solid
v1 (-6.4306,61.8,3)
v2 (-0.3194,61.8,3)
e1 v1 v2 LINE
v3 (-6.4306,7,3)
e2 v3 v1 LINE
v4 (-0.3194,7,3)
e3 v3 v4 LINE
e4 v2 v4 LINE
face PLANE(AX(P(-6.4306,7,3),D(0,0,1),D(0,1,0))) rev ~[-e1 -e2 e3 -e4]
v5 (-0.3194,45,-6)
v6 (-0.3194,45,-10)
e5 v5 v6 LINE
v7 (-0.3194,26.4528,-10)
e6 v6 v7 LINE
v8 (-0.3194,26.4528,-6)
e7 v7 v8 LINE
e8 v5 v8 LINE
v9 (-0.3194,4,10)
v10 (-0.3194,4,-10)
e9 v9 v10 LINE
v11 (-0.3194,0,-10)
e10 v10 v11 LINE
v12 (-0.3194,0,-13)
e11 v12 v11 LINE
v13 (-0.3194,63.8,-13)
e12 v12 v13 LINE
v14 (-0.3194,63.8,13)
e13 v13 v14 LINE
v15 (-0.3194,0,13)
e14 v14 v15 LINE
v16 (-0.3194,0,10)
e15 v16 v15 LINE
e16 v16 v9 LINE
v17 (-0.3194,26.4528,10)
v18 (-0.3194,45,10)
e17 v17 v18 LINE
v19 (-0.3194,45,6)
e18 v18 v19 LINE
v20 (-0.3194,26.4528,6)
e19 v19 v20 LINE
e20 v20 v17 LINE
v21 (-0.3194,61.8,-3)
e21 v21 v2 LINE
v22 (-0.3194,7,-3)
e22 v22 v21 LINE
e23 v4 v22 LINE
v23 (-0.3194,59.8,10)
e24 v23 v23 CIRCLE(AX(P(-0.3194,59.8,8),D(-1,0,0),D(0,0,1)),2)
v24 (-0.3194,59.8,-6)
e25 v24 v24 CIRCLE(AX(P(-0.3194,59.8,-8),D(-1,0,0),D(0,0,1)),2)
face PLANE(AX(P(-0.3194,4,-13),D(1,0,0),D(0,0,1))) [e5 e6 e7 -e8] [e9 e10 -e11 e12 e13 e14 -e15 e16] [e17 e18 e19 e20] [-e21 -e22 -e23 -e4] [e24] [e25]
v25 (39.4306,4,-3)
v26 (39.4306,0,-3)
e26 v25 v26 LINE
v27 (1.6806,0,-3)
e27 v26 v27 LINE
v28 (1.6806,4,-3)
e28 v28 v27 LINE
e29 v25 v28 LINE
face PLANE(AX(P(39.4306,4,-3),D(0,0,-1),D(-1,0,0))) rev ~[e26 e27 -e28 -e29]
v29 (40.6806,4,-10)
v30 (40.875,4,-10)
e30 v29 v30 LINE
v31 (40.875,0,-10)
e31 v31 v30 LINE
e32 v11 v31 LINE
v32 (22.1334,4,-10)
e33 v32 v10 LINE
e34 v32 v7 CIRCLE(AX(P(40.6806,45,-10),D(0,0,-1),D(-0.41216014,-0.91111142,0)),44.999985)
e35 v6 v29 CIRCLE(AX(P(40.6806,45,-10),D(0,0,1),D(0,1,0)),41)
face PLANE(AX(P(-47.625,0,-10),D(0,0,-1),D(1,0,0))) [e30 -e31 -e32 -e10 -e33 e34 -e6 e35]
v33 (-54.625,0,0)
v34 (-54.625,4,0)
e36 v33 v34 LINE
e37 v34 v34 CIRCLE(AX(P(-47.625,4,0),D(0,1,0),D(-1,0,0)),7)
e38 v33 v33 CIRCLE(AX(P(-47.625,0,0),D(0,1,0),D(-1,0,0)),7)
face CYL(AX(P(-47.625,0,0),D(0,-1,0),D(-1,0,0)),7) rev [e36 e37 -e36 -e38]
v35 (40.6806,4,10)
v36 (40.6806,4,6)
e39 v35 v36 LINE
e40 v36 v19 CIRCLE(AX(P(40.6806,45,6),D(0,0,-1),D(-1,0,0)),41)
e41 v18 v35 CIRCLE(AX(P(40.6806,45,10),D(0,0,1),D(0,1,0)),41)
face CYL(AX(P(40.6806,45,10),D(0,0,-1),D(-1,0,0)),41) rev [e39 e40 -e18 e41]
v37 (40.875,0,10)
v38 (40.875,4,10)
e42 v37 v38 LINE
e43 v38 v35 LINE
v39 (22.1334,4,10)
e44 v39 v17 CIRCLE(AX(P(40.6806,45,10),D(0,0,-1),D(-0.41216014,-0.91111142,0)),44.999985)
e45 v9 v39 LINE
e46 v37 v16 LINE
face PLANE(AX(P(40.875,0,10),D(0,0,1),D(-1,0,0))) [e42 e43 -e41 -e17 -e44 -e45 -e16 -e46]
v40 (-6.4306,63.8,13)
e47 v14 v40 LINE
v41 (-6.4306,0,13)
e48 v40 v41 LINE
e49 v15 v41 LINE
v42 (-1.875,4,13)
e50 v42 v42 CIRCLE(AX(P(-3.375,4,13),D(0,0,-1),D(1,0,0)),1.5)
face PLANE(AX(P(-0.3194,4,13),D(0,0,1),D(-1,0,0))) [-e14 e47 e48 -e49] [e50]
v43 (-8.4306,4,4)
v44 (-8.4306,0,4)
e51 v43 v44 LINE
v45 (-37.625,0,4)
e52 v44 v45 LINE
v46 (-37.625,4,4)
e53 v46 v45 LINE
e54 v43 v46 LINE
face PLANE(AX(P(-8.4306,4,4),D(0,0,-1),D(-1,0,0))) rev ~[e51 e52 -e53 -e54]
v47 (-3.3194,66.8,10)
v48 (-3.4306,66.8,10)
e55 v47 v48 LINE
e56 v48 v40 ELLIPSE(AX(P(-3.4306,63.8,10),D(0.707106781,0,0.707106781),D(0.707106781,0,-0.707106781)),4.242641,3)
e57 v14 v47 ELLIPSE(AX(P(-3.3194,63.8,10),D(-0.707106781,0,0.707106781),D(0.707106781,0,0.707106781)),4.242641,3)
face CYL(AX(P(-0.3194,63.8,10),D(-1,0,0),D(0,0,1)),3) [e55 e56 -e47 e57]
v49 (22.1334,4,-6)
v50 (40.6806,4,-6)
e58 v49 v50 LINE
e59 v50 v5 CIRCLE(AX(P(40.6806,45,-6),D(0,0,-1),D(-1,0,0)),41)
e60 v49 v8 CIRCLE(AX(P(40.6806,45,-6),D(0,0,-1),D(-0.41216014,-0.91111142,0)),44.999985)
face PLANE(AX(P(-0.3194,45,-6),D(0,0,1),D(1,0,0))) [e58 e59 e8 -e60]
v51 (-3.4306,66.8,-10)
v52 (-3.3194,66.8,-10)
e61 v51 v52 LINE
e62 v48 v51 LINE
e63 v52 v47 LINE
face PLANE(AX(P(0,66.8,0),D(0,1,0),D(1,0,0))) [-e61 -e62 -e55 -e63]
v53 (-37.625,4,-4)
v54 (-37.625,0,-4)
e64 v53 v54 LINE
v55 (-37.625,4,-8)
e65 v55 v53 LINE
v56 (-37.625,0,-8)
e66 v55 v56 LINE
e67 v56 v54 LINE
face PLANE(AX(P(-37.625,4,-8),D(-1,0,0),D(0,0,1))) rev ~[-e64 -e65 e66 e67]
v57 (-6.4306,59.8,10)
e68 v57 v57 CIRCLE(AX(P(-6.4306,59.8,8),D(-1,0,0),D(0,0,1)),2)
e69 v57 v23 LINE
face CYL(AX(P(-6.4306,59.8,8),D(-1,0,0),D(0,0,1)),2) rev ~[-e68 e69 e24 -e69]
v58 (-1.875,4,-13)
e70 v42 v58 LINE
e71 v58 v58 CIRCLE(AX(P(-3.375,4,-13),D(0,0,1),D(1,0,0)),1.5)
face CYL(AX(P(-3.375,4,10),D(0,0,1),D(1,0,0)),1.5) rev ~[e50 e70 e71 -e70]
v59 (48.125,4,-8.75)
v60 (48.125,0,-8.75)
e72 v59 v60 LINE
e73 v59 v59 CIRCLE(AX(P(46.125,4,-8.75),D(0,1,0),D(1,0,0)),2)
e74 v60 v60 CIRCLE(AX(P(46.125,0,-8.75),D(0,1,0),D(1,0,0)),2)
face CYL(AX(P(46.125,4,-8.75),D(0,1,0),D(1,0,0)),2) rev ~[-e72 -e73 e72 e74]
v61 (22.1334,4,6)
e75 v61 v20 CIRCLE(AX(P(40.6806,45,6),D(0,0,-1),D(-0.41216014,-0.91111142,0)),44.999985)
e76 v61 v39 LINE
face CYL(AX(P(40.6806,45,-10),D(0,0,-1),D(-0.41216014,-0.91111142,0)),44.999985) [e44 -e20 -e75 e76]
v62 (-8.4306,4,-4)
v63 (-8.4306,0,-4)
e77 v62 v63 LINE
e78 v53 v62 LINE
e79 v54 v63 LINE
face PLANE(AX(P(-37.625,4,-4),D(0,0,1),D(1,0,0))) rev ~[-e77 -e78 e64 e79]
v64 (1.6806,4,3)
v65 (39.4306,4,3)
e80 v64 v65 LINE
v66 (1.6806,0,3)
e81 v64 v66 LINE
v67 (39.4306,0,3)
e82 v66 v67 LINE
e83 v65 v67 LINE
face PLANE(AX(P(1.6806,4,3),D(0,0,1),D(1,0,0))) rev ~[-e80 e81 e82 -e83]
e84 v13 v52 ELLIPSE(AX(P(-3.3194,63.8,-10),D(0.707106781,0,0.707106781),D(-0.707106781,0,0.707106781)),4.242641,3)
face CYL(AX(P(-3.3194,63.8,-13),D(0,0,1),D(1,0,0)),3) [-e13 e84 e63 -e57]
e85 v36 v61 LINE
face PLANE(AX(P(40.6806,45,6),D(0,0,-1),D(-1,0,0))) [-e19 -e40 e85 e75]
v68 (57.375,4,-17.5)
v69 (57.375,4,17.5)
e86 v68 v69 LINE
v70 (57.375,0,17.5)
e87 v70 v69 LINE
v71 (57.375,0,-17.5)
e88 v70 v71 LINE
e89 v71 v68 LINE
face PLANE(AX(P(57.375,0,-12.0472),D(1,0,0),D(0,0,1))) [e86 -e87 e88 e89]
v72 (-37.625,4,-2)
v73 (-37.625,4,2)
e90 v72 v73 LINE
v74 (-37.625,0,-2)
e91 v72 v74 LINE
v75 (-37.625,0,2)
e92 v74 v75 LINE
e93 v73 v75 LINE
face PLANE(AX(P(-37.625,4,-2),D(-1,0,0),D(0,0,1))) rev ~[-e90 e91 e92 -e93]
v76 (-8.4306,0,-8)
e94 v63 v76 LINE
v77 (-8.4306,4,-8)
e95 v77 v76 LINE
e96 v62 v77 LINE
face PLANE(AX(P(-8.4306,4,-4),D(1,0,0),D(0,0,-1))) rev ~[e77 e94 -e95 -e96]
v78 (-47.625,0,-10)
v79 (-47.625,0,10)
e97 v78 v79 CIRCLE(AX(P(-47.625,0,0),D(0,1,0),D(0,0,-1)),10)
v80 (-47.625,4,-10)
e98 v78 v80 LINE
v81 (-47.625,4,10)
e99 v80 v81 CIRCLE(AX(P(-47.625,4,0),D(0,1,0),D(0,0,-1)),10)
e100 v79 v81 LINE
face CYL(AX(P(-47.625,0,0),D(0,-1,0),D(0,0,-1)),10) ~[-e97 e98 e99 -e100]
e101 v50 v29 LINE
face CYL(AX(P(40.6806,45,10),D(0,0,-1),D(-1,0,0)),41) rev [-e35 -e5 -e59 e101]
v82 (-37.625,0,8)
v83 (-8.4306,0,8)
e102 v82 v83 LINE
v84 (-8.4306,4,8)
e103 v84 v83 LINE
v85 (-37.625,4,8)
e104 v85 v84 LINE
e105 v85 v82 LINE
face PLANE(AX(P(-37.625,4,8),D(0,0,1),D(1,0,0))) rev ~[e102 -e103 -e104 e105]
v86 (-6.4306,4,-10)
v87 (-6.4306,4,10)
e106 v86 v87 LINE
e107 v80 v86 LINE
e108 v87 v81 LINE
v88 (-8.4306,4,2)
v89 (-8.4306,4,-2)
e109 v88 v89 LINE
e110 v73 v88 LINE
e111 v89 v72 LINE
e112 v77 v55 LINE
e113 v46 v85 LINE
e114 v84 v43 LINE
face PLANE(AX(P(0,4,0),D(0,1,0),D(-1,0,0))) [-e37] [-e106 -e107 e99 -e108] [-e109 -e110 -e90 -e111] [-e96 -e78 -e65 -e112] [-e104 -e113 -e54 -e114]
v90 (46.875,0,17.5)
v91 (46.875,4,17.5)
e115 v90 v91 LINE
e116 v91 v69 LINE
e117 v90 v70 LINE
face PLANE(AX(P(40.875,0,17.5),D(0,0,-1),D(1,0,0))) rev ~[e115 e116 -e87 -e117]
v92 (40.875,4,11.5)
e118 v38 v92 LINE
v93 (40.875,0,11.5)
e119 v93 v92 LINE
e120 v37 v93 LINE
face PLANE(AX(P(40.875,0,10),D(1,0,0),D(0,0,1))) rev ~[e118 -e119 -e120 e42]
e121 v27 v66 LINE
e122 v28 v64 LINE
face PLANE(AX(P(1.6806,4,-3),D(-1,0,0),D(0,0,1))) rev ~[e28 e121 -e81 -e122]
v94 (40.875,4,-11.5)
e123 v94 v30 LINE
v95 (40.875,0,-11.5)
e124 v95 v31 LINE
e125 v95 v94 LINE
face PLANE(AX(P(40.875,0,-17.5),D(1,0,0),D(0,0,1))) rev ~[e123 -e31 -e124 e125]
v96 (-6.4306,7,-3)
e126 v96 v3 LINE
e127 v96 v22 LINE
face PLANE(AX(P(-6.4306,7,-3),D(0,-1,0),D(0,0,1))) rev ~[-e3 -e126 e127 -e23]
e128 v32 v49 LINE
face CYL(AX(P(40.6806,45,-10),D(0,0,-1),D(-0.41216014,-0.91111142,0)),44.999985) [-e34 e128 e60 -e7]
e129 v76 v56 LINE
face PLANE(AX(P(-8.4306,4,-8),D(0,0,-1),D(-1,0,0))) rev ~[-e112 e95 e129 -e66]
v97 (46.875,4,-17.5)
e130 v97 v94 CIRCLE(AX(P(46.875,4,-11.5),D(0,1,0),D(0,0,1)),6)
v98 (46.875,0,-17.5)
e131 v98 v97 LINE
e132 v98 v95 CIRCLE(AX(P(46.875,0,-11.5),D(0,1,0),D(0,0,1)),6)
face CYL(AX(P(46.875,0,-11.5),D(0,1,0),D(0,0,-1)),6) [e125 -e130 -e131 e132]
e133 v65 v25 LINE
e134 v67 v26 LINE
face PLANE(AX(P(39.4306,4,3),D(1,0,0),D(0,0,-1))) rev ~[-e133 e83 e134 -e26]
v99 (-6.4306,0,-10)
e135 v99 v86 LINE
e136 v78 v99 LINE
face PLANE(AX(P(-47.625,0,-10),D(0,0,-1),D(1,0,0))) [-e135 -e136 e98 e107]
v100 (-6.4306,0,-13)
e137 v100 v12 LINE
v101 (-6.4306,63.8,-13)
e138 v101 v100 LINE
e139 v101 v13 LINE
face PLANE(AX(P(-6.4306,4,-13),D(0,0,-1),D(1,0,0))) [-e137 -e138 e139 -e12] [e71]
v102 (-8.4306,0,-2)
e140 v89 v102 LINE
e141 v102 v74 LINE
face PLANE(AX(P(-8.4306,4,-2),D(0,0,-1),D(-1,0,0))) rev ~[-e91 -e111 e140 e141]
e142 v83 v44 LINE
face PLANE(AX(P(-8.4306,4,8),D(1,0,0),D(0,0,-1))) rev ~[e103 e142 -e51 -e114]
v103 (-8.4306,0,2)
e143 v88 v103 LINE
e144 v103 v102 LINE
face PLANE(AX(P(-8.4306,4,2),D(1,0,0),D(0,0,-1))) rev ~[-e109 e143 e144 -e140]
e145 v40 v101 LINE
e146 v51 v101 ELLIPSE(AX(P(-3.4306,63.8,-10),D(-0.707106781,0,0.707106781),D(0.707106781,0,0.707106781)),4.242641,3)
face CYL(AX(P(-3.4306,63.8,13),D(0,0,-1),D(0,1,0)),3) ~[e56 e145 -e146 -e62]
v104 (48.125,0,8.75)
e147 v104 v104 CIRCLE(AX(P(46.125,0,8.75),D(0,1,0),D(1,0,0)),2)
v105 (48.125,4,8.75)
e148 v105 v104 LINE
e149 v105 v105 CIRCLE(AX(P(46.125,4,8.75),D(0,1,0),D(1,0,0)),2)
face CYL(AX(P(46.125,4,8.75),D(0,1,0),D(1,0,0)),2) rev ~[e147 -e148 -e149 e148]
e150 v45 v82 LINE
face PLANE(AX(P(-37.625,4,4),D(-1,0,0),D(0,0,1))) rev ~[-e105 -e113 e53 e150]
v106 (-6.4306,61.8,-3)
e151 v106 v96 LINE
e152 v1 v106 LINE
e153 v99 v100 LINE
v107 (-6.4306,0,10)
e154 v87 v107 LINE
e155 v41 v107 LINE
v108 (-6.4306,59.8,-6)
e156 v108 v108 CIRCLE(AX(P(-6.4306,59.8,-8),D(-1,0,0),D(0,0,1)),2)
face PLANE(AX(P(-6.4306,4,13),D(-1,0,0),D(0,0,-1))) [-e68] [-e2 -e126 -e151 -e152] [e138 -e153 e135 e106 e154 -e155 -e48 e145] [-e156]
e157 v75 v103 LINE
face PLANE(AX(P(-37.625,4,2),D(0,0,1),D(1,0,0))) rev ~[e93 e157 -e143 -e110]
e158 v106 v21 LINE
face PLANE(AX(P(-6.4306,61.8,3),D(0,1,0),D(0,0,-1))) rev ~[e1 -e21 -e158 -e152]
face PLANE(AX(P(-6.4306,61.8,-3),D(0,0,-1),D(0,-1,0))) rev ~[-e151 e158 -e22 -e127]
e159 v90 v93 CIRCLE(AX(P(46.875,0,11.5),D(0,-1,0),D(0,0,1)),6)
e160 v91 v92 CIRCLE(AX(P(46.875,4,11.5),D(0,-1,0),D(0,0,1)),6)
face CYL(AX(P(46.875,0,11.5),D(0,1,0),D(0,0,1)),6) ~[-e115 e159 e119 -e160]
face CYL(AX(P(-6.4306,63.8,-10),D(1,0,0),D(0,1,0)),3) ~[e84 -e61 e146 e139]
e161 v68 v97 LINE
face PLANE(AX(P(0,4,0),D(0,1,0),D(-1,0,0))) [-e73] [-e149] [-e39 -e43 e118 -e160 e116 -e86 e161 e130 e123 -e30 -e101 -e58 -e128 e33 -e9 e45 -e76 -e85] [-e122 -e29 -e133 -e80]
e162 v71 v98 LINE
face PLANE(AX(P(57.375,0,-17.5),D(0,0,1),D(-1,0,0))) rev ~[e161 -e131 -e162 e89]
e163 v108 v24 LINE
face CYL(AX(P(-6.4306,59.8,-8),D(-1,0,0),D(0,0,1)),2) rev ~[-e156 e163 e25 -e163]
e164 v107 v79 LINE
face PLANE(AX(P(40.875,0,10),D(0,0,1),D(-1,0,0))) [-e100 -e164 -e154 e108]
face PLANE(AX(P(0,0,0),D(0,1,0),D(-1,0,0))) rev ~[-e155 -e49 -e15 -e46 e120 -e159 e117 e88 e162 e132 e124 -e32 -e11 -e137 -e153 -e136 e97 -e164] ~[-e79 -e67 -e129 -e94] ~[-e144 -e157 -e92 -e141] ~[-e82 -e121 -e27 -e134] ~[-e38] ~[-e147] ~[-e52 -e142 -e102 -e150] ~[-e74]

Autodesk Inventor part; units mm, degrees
ref_plane "YZ Plane" through (0, 0, 0) normal (1, 0, 0) x (0, 1, 0)
ref_plane "XZ Plane" through (0, 0, 0) normal (0, 1, 0) x (-1, 0, 0)
sketch "Main Sketch" plane through (0, 0, 0) normal (0, 1, 0) x (-1, 0, 0)
  line L0 (-57.375, -12.0472) -> (-57.375, 12.0472)
  line L1 (-57.375, 12.0472) -> (47.625, -10) construction
  line L2 (47.625, 10) -> (-57.375, -12.0472) construction
  circle A0 centre (47.625, 0) radius 7
  arc A1 (47.625, -10) -> (47.625, 10) centre (47.625, 0) ccw
  line L3 (-40.875, 17.5) -> (-57.375, 17.5)
  line L4 (-57.375, 17.5) -> (-57.375, -17.5)
  line L5 (-57.375, -17.5) -> (-40.875, -17.5)
  line L6 (-40.875, 17.5) -> (-57.375, -17.5) construction
  line L7 (-57.375, 17.5) -> (-40.875, -17.5) construction
  line L8 (47.625, -10) -> (-40.875, -10)
  line L9 (-40.875, -17.5) -> (-40.875, -10)
  line L10 (-40.875, 10) -> (-40.875, 17.5)
  line L11 (-40.875, 10) -> (47.625, 10)
  point P0 (0, 0)
  point P1 (-49.125, 0)
  dimension "d3" = 14
  dimension "d4" = 105
  dimension "d13" = 16.5
  dimension "d14" = 35
  dimension "d15" = 0
  dimension "d18" = 20
extrude "Main Extrusion" add sketch "Main Sketch" along normal blind 4
sketch "Screw Holes Sketch" plane through (0, 4, 0) normal (0, 1, 0) x (1, 0, 0)
  circle A0 centre (46.125, -8.75) radius 2
  line L0 (57.375, 17.5) -> (40.875, 17.5) projected
  line L1 (40.875, -17.5) -> (57.375, -17.5) projected
  line L2 (35.2664, 0) -> (65.7891, 0)
  line L3 (51.375, -27.0398) -> (51.375, 30.2346) construction
  line L4 (57.375, -17.5) -> (57.375, 17.5) projected
  line L5 (40.875, -10) -> (40.875, -17.5) projected
  circle A1 centre (46.125, 8.75) radius 2
  line L6 (51.375, 27.0398) -> (51.375, -30.2346) construction
  point P0 (0, 0)
  dimension "d21" = 4
  dimension "d22" = 35
  dimension "d23" = 6
  dimension "d24" = 5.25
  dimension "d25" = 5.25
  dimension "d26" = 10.5
  dimension "d27" = 8.75
  dimension "d28" = 17.5
extrude "Screw Holes Cut" cut sketch "Screw Holes Sketch" against normal through all
fillet "Smoooooooooooooooooth" radius 6 2 edges at (40.875, 2, -17.5) (40.875, 2, 17.5)
sketch "Side Axel Hole Sketch" plane through (-47.625, 0, 10) normal (0, 0, 1) x (1, 0, 0)
  line L0 (88.5, 4) -> (88.5, 0) projected
  line L1 (0, 0) -> (0, 4) projected
  line L2 (44.25, -12.0383) -> (44.25, 22.7681) construction
  line L3 (88.5, 0) -> (0, 0) projected
  line L4 (0, 4) -> (88.5, 4) projected
  circle A0 centre (44.25, 4) radius 1.5
  point P0 (47.625, 0)
  dimension "d32" = 88.5
  dimension "d33" = 44.25
  dimension "d34" = 44.25
  dimension "d35" = 4
  dimension "d41" = 3
sketch "Sketch7" plane through (0, 4, 0) normal (0, 1, 0) x (1, 0, 0)
  line L0 (-47.625, -10) -> (40.875, -10) construction
  line L1 (-3.375, -10) -> (-3.375, 33.3565) construction
  line L2 (-0.3194, -13) -> (-6.4306, -13)
  line L3 (-6.4306, -13) -> (-6.4306, 13)
  line L4 (-6.4306, 13) -> (-0.3194, 13)
  line L5 (-0.3194, 13) -> (-0.3194, -13)
  line L6 (-0.3194, -13) -> (-6.4306, 13) construction
  line L7 (-6.4306, -13) -> (-0.3194, 13) construction
  point P0 (0, 0)
  point P1 (-3.375, 0)
  dimension "d47" = 26
extrude "Servo Mount Extrusion" add sketch "Sketch7" along normal blind 62.8 and the other way blind 4
extrude "Side Axel Cut" cut sketch "Side Axel Hole Sketch" along normal through all both and the other way through all contours A0 L4 | L4 A0
sketch "Sketch8" plane through (-6.4306, 4, -10) normal (-1, 0, 0) x (0, 0, 1)
  line L0 (23, 62.8) -> (23, -4) construction
  line L1 (-3, 62.8) -> (23, 62.8) construction
  line L2 (-3, 62.8) -> (-3, -4) construction
  circle A0 centre (2, 55.8) radius 2
  circle A1 centre (18, 55.8) radius 2
  point P0 (10, -4)
  dimension "d54" = 4
  dimension "d55" = 4
  dimension "d56" = 16
  dimension "d57" = 7
  dimension "d58" = 7
  dimension "d59" = 5
  dimension "d60" = 5
extrude "Mount Holes Cut" cut sketch "Sketch8" against normal through all
fillet "Support" radius 41 1 edges at (-0.3194, 4, 0)
fillet "lil hat" radius 3 4 edges at (-0.3194, 66.8, 0) (-3.375, 66.8, -13) (-6.4306, 66.8, 0) (-3.375, 66.8, 13)
ref_plane "Lifted XZ Plane" through (0, 45, 0) normal (0, -1, 0) x (1, 0, 0)
sketch "Support Center Sketch" plane through (0, 45, 0) normal (0, -1, 0) x (1, 0, 0)
  line L0 (40.6806, 10) -> (40.6806, -10) projected
  line L1 (-0.3194, -6) -> (40.6806, -6)
  line L2 (40.6806, -6) -> (40.6806, 6)
  line L3 (40.6806, 6) -> (-0.3194, 6)
  line L4 (-0.3194, 6) -> (-0.3194, -6)
  line L5 (-0.3194, -10) -> (40.6806, -10) projected
  line L6 (40.6806, 10) -> (-0.3194, 10) projected
  point P0 (0, 0)
  dimension "d66" = 41
  dimension "d67" = 4
  dimension "d68" = 4
  dimension "d69" = 12
extrude "Support Center Cut" cut sketch "Support Center Sketch" along normal blind 41
sketch "Support Side Cut Sketch" plane through (40.875, 0, -10) normal (0, 0, -1) x (-1, 0, 0)
  arc A0 (0.1944, 4) -> (41.1944, 45) centre (0.1944, 45) ccw construction
  arc A1 (0.1944, 4) -> (41.1944, 45) centre (0.1944, 45) ccw projected
  arc A2 (18.7416, 4) -> (41.1944, 26.4528) centre (0.1944, 45) ccw
  line L0 (-6, 4) -> (0, 4) projected
  line L1 (41.1944, 0) -> (41.1944, 45) projected
  line L2 (41.1944, 0) -> (0, 0) projected
  line L3 (41.1944, 26.4528) -> (41.1944, 4)
  line L4 (0, 4) -> (0.1944, 4)
  line L5 (18.7416, 4) -> (41.1944, 4)
  point P0 (40.875, 0)
  dimension "d72" = 41
  dimension "d73" = 45
  dimension "d75" = 4
extrude "Support Side Cut" cut sketch "Support Side Cut Sketch" against normal through all
sketch "Body Holes Sketch" plane through (0, 4, 0) normal (0, 1, 0) x (1, 0, 0)
  line L0 (-37.625, 4) -> (-8.4306, 4)
  line L1 (-8.4306, 4) -> (-8.4306, 8)
  line L2 (-8.4306, 8) -> (-37.625, 8)
  line L3 (-37.625, 8) -> (-37.625, 4)
  line L4 (-6.4306, 10) -> (-47.625, 10) projected
  line L5 (-6.4306, -10) -> (-6.4306, 10) projected
  line L6 (-47.625, -13.767) -> (-47.625, 22.327) construction
  line L7 (-37.625, -2) -> (-8.4306, -2)
  line L8 (-8.4306, -2) -> (-8.4306, 2)
  line L9 (-8.4306, 2) -> (-37.625, 2)
  line L10 (-37.625, 2) -> (-37.625, -2)
  line L11 (-37.625, -8) -> (-8.4306, -8)
  line L12 (-8.4306, -8) -> (-8.4306, -4)
  line L13 (-8.4306, -4) -> (-37.625, -4)
  line L14 (-37.625, -4) -> (-37.625, -8)
  line L15 (-47.625, -10) -> (-6.4306, -10) projected
  line L16 (39.4306, 3) -> (1.6806, 3)
  line L17 (1.6806, 3) -> (1.6806, -3)
  line L18 (1.6806, -3) -> (39.4306, -3)
  line L19 (39.4306, -3) -> (39.4306, 3)
  line L20 (40.6806, -6) -> (-0.3194, -6) projected
  line L21 (-0.3194, 6) -> (40.6806, 6) projected
  line L22 (-0.3194, 10) -> (-0.3194, -10) projected
  line L23 (40.6806, 6) -> (40.6806, 10) projected
  point P0 (0, 0)
  dimension "d78" = 2
  dimension "d79" = 2
  dimension "d80" = 10
  dimension "d81" = 4
  dimension "d84" = 6
  dimension "d89" = 2
  dimension "d90" = 6
  dimension "d91" = 3
  dimension "d92" = 3
  dimension "d93" = 2
  dimension "d94" = 1.25
extrude "Swiss-ified" cut sketch "Body Holes Sketch" against normal through all
sketch "Mount Hole Sketch" plane through (-6.4306, 4, -10) normal (-1, 0, 0) x (0, 0, 1)
  line L0 (4, 81.3032) -> (4, -34.1238) construction
  line L1 (16, 81.3032) -> (16, -34.1238) construction
  line L2 (7, 3) -> (13, 3)
  line L3 (13, 3) -> (13, 57.8)
  line L4 (13, 57.8) -> (7, 57.8)
  line L5 (7, 57.8) -> (7, 3)
  line L6 (-3, 59.8) -> (-3, -4) projected
  line L7 (23, 59.8) -> (23, -4) projected
  line L8 (20, 0) -> (0, 0) projected
  line L9 (-3, 59.8) -> (23, 59.8) projected
  point P0 (10, -4)
  dimension "d97" = 6
  dimension "d98" = 7
  dimension "d99" = 7
  dimension "d100" = 12
  dimension "d101" = 3
  dimension "d102" = 3
  dimension "d103" = 3
  dimension "d104" = 2
extrude "Swissified" cut sketch "Mount Hole Sketch" against normal through all
properties part number "TapeMeasureBracketSideServo"
